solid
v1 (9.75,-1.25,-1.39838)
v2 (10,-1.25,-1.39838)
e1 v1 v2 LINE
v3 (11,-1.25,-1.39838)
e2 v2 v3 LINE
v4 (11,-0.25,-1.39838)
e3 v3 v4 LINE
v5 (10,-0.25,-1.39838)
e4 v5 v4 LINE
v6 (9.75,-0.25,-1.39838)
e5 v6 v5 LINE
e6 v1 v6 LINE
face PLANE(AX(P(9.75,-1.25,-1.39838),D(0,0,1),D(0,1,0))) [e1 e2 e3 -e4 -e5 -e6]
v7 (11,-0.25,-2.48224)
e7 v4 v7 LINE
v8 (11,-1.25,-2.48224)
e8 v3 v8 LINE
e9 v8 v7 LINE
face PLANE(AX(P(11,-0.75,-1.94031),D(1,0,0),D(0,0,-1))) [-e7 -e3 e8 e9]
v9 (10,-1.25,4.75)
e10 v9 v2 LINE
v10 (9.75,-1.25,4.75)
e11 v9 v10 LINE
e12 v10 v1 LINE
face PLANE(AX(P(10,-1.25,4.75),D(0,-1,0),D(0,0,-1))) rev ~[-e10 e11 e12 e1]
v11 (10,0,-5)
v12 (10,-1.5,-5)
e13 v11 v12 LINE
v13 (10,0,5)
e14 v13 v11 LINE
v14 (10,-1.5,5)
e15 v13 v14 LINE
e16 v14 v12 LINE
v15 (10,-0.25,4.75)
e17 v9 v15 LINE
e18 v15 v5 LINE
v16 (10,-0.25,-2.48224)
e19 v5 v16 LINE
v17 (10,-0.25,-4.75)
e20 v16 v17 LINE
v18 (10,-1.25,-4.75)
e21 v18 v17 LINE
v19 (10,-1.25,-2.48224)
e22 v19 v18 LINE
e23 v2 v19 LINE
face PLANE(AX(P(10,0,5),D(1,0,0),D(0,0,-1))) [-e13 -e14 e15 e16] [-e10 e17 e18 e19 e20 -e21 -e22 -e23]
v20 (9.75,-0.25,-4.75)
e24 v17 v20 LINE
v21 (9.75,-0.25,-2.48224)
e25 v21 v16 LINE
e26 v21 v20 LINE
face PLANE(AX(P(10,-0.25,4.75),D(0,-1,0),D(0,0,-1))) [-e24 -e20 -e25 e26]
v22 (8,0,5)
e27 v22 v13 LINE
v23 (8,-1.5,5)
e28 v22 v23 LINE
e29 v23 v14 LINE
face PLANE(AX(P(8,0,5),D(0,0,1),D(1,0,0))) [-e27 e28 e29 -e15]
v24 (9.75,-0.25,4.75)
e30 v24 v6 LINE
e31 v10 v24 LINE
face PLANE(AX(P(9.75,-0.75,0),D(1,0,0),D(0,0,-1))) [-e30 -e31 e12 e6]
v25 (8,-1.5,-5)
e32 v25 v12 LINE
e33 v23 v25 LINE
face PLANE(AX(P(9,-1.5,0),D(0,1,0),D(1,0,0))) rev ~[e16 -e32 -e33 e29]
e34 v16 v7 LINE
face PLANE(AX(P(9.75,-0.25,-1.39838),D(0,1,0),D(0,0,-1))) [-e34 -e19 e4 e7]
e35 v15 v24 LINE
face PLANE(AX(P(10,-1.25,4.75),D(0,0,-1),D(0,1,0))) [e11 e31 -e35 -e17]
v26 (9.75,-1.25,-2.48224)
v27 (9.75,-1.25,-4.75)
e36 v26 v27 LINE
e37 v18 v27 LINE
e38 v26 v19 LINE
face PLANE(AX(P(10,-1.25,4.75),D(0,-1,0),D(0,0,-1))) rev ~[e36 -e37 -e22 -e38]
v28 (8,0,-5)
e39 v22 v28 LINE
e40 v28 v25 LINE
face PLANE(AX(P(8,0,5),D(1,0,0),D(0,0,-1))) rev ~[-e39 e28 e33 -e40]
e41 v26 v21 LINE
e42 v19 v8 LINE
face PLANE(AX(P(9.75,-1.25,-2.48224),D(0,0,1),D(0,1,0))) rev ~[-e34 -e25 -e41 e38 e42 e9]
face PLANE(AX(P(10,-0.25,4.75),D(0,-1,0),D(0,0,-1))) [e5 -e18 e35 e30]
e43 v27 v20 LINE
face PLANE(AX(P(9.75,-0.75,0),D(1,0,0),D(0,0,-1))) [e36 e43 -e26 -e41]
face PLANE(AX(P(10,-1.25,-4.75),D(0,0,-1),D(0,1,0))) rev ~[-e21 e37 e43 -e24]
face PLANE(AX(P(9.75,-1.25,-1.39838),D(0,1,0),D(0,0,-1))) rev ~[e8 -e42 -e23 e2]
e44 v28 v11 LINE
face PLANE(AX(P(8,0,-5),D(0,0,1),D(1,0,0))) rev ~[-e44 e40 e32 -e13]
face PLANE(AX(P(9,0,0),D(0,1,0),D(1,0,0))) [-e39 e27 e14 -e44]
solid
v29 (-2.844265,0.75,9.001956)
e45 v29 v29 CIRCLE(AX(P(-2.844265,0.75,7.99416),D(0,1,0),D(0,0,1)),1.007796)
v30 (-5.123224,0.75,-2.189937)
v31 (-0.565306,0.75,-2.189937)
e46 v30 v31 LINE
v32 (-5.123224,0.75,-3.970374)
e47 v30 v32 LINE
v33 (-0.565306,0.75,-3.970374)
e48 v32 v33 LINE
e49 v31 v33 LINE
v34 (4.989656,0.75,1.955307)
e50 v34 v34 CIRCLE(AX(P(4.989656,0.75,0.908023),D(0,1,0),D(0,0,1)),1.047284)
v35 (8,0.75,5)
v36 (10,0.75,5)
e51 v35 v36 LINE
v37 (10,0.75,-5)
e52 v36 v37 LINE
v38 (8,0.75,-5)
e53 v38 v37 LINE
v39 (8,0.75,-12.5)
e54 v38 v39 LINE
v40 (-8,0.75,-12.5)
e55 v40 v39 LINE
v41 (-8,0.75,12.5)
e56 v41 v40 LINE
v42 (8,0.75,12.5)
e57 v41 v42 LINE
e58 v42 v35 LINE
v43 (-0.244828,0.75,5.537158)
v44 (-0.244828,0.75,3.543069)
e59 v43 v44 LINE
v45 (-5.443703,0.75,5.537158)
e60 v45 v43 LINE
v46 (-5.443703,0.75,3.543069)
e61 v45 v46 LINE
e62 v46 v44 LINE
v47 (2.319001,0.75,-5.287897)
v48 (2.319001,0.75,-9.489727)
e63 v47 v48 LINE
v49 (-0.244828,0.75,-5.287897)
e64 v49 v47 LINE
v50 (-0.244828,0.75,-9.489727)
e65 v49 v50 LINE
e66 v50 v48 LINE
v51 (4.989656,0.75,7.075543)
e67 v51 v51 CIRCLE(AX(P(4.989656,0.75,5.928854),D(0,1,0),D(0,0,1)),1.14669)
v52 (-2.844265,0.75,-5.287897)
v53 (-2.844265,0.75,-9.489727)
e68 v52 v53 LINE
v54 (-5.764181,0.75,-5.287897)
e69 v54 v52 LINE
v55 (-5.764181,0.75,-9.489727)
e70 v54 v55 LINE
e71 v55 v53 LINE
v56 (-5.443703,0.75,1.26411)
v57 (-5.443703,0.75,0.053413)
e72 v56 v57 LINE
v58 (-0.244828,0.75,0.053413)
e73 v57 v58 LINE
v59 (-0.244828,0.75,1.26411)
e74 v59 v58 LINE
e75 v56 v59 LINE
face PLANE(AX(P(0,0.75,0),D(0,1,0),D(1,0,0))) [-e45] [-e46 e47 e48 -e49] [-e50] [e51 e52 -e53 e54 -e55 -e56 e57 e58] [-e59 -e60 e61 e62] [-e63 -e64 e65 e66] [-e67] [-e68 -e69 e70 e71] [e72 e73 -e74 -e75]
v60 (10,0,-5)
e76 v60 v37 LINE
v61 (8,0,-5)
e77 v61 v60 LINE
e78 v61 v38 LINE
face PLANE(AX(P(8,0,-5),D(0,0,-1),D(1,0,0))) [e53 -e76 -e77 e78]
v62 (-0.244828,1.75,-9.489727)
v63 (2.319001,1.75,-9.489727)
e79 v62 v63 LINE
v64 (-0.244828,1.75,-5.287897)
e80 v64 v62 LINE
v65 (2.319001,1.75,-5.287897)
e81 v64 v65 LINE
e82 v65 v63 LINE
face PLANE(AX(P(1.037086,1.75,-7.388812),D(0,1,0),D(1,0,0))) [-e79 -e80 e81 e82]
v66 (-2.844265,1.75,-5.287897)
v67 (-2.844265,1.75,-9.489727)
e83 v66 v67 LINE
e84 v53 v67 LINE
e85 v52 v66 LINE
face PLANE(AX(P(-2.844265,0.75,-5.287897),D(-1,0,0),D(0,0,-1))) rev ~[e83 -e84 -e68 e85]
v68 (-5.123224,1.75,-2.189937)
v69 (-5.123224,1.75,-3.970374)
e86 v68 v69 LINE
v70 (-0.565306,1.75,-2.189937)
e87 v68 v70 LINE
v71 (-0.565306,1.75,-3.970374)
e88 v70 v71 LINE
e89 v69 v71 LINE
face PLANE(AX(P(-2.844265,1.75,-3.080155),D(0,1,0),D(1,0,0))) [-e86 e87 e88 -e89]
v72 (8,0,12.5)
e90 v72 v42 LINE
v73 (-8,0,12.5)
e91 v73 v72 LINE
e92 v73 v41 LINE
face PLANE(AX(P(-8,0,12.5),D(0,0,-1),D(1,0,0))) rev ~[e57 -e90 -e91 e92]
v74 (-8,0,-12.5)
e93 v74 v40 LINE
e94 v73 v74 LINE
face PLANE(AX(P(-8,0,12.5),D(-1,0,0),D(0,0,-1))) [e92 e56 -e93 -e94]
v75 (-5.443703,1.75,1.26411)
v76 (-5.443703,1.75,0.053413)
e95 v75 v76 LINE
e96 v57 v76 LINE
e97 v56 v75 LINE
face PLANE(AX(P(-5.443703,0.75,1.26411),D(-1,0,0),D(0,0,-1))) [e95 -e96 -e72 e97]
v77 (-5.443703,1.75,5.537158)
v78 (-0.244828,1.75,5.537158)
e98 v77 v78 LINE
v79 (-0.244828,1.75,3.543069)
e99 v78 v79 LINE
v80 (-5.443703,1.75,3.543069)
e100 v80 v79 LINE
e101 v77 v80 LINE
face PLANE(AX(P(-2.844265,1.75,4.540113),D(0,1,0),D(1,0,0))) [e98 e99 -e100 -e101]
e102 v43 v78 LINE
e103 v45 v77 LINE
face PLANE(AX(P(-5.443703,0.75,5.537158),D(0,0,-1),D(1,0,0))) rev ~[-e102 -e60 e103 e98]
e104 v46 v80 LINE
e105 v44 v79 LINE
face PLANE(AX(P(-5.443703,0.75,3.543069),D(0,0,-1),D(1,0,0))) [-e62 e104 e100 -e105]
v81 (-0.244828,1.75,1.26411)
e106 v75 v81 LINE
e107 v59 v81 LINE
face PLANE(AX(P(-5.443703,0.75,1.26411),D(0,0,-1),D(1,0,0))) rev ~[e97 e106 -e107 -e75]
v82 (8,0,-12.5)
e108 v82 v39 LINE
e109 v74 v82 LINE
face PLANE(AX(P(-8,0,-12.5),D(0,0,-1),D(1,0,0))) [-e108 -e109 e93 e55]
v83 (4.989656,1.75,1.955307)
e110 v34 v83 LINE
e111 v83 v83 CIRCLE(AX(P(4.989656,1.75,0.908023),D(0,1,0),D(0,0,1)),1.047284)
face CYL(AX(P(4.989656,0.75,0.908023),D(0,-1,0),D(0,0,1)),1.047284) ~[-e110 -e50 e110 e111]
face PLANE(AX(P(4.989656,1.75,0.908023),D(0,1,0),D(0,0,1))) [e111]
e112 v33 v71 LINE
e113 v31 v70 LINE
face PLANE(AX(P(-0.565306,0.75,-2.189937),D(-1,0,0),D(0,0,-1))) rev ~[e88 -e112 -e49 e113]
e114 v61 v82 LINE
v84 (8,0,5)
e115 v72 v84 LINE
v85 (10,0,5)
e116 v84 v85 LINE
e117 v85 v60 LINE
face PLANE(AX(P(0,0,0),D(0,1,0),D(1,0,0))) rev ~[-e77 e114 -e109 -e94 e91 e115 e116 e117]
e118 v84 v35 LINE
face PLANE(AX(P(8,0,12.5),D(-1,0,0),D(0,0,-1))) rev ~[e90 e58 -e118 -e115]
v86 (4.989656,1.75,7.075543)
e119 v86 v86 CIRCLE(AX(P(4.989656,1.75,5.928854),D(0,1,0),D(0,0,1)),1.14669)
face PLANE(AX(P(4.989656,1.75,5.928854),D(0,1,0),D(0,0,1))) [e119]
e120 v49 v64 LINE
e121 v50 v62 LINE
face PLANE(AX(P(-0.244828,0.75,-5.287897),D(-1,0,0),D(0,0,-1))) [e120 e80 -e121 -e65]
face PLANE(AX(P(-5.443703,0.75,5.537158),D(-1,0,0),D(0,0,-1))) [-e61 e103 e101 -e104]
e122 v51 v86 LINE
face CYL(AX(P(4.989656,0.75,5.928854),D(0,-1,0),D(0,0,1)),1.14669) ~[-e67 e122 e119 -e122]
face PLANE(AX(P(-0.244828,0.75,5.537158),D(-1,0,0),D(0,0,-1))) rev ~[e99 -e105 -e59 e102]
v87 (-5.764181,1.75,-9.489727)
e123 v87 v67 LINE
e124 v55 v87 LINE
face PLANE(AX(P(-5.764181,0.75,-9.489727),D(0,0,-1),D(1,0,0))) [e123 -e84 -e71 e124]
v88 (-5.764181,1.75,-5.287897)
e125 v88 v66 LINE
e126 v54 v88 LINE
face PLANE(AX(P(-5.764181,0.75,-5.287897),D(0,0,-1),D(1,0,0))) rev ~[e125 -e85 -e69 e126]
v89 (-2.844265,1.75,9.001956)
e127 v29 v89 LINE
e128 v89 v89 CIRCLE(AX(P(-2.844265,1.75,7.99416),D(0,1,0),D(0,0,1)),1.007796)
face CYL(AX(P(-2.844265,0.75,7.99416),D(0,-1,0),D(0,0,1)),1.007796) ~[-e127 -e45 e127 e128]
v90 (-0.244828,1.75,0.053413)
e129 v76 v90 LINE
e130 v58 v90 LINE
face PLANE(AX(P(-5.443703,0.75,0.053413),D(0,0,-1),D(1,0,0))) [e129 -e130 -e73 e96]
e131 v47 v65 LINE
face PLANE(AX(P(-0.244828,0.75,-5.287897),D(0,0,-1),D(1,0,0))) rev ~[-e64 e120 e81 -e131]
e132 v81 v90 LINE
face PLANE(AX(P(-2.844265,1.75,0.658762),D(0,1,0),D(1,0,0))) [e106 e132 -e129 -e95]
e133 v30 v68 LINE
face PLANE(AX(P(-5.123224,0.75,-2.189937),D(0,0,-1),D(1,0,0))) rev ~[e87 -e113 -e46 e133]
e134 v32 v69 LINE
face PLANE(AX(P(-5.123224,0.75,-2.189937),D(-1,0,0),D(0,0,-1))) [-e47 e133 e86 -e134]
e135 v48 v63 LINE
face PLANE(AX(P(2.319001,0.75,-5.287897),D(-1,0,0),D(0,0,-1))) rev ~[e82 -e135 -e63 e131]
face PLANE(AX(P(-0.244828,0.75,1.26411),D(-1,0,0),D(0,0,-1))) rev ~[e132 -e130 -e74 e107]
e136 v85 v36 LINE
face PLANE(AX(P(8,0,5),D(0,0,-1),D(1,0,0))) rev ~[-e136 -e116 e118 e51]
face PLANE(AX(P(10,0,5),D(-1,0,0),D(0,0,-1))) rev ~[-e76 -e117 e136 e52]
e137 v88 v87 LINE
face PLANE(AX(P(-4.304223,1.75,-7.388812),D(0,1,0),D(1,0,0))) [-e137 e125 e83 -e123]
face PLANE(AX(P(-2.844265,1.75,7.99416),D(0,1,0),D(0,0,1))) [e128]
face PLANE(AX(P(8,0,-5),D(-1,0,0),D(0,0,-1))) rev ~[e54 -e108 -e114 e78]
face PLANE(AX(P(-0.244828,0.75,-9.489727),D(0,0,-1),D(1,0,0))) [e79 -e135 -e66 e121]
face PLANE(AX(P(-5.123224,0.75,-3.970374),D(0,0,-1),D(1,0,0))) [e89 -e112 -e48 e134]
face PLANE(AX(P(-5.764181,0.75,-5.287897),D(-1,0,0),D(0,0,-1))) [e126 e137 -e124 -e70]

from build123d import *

# Parameters (mm, degrees)
BOSS_EXTRUDE1_DEPTH = 0.75
SKETCH1_3_W         = 2
SKETCH1_3_H         = 10
BOSS_EXTRUDE2_DEPTH = 1.5
SKETCH3_W           = 9.5
SKETCH3_H           = 1
CUT_EXTRUDE1_DEPTH  = 0.25
SKETCH5_W           = 1.083860034
SKETCH5_H           = 1
BOSS_EXTRUDE3_DEPTH = 1.25
SKETCH6_R           = 1.047284205
SKETCH6_R_2         = 1.146689612
SKETCH6_R_3         = 1.007796297
SKETCH6_W           = 2.919915963
SKETCH6_H           = 4.201830289
SKETCH6_W_2         = 2.563828651
SKETCH6_W_3         = 4.557917602
SKETCH6_H_2         = 1.780436563
SKETCH6_W_4         = 5.198874764
SKETCH6_H_3         = 1.210696863
SKETCH6_H_4         = 1.994088951
BOSS_EXTRUDE4_DEPTH = 1


with BuildPart() as part:
    # Sketch1 → Boss-Extrude1 (new body)
    with BuildSketch(Plane(origin=(0, 0, 0), x_dir=(1, 0, 0), z_dir=(0, 1, 0))):
        Polygon((8, 12.5), (-8, 12.5), (-8, -12.5), (8, -12.5), (8, -5), (10, -5), (10, 5), (8, 5), align=None)
    extrude(amount=BOSS_EXTRUDE1_DEPTH)

    # Sketch6 → Boss-Extrude4 (add)
    with BuildSketch(Plane(origin=(0, 0.75, 0), x_dir=(1, 0, 0), z_dir=(0, 1, 0))):
        with Locations((4.989655664, -0.908022647)):
            Circle(SKETCH6_R)
        with Locations((4.989655664, -5.928853755)):
            Circle(SKETCH6_R_2)
        with Locations((-2.844265214, -7.994160168)):
            Circle(SKETCH6_R_3)
        with Locations((-4.304223196, 7.388811737)):
            Rectangle(SKETCH6_W, SKETCH6_H)
        with Locations((1.037086494, 7.388811737)):
            Rectangle(SKETCH6_W_2, SKETCH6_H)
        with Locations((-2.844265214, 3.080155255)):
            Rectangle(SKETCH6_W_3, SKETCH6_H_2)
        with Locations((-2.844265214, -0.658761529)):
            Rectangle(SKETCH6_W_4, SKETCH6_H_3)
        with Locations((-2.844265214, -4.540113236)):
            Rectangle(SKETCH6_W_4, SKETCH6_H_4)
    extrude(amount=BOSS_EXTRUDE4_DEPTH)


with BuildPart() as body_2:
    # Sketch1<3> → Boss-Extrude2 (new body)
    with BuildSketch(Plane(origin=(0, 0, 0), x_dir=(1, 0, 0), z_dir=(0, 1, 0))):
        with Locations((9, 0)):
            Rectangle(SKETCH1_3_W, SKETCH1_3_H)
    extrude(amount=-BOSS_EXTRUDE2_DEPTH)

    # Sketch3 → Cut-Extrude1 (cut)
    with BuildSketch(Plane(origin=(10, 0, 0), x_dir=(0, 0, -1), z_dir=(1, 0, 0))):
        with Locations((0, -0.75)):
            Rectangle(SKETCH3_W, SKETCH3_H)
    extrude(amount=-CUT_EXTRUDE1_DEPTH, mode=Mode.SUBTRACT)

    # Sketch5 → Boss-Extrude3 (add)
    with BuildSketch(Plane(origin=(9.75, 0, 0), x_dir=(0, 0, -1), z_dir=(1, 0, 0))):
        with Locations((1.940310185, -0.75)):
            Rectangle(SKETCH5_W, SKETCH5_H)
    extrude(amount=BOSS_EXTRUDE3_DEPTH)


solid = Compound([part.part, body_2.part])
